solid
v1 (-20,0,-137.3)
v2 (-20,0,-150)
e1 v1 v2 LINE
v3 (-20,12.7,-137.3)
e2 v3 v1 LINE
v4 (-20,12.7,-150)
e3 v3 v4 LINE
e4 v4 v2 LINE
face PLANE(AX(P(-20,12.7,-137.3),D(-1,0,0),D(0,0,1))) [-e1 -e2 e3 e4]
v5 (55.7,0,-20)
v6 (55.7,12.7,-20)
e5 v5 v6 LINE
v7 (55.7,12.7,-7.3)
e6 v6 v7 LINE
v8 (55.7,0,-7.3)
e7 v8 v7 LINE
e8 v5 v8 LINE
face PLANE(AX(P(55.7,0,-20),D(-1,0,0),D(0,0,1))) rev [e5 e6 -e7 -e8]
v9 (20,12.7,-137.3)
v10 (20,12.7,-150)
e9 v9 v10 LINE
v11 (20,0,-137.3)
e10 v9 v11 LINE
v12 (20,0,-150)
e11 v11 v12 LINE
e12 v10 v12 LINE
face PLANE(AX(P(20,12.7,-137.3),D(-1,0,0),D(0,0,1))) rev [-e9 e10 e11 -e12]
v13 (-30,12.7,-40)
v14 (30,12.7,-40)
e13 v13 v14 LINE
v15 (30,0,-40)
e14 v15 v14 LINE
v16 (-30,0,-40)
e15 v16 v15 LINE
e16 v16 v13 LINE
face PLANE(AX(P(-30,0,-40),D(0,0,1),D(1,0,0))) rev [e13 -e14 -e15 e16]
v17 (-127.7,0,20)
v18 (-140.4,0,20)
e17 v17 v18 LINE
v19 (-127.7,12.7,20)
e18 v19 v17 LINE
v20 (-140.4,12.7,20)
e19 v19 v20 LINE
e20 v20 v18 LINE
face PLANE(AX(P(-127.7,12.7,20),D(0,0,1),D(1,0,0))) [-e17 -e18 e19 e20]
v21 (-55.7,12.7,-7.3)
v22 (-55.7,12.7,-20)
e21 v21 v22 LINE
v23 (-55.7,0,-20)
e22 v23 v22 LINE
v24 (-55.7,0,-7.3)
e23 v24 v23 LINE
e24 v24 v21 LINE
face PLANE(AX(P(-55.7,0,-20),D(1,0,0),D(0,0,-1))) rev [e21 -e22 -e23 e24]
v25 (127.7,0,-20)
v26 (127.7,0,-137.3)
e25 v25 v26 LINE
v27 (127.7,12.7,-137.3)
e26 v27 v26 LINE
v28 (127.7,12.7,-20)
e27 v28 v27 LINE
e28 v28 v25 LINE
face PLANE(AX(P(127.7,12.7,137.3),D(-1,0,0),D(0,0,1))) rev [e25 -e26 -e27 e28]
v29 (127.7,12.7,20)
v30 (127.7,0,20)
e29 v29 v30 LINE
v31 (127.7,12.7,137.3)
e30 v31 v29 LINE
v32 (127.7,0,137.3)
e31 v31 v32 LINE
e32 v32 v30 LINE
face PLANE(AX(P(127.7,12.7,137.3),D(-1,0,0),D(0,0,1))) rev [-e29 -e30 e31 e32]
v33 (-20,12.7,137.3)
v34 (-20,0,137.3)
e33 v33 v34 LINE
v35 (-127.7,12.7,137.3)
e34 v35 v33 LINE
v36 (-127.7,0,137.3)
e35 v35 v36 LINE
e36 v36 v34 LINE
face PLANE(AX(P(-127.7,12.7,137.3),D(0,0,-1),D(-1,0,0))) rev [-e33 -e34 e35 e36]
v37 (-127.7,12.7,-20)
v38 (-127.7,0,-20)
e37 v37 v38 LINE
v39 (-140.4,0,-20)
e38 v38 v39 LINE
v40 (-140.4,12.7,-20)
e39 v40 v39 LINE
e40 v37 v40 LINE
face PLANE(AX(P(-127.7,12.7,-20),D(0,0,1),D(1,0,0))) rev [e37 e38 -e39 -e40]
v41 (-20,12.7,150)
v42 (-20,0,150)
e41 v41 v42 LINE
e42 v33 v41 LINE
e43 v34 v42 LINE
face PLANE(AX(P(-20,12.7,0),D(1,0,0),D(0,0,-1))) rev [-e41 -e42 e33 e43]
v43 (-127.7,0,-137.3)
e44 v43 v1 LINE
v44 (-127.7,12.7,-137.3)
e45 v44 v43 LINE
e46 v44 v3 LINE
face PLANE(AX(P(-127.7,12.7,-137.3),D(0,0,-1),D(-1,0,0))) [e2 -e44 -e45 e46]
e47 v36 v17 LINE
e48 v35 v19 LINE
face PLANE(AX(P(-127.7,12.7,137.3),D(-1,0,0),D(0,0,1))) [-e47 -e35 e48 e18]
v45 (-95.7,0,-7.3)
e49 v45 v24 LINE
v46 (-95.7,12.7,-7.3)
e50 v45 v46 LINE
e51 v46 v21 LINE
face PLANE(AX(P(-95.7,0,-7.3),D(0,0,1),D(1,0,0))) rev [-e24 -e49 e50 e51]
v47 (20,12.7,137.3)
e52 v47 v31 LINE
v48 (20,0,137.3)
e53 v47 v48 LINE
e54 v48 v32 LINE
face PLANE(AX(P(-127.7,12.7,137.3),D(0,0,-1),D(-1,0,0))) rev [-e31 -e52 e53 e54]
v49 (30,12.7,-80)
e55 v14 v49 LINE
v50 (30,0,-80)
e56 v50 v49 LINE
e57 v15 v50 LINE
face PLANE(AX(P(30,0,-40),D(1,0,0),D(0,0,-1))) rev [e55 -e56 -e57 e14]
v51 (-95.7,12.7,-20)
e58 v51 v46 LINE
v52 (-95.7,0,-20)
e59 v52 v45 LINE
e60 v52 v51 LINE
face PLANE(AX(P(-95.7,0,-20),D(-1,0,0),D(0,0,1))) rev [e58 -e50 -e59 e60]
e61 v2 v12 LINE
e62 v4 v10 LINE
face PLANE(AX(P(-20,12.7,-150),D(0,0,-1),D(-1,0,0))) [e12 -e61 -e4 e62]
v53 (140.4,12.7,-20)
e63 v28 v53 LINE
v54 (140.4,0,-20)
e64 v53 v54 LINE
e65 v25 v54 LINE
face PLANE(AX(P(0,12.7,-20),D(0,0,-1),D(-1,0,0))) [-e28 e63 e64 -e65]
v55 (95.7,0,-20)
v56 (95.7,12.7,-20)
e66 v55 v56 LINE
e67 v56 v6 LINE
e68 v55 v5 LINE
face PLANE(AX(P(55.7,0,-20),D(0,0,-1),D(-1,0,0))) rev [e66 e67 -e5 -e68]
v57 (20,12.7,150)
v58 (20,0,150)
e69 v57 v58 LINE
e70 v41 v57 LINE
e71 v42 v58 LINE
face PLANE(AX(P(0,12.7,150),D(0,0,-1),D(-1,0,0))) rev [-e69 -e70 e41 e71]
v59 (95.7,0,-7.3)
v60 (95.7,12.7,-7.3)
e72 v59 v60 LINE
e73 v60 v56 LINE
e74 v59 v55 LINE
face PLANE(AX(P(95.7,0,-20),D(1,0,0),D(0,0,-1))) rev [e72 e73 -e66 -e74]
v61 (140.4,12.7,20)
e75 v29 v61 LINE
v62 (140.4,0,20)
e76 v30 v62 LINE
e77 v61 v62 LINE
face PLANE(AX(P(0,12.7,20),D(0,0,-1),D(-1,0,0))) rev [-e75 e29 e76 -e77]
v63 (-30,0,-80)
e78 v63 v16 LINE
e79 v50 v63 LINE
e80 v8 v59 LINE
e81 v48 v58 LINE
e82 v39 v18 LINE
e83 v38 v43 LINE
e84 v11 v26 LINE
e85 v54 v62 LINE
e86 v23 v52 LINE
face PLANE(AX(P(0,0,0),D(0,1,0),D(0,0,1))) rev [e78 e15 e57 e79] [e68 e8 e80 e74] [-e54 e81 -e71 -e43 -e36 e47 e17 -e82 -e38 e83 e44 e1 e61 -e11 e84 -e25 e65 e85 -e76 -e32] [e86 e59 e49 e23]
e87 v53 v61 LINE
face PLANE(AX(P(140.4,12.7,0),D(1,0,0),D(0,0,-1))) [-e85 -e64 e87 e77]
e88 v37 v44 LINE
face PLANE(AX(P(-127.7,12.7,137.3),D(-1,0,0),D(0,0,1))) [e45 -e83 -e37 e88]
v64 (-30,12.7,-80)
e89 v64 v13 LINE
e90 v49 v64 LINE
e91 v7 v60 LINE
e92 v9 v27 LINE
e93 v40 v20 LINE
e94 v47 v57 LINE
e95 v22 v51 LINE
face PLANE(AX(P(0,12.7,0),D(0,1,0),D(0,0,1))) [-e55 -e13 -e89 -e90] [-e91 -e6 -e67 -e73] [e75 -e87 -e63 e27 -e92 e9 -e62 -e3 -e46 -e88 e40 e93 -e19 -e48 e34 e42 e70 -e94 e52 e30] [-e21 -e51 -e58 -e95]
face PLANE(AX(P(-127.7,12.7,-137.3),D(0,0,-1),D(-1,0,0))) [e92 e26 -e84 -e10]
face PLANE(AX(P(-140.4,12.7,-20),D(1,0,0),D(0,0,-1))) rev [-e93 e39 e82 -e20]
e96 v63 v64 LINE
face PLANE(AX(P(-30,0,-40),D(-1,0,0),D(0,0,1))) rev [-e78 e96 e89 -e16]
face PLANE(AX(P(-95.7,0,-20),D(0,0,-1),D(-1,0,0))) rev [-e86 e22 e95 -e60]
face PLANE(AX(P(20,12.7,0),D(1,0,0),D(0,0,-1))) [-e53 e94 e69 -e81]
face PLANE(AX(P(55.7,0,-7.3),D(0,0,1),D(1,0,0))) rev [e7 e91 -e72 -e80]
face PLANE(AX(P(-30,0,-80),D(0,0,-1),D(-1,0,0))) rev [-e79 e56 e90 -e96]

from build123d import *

# Parameters (mm, degrees)
BOSS_EXTRUDE1_DEPTH = 12.7
SKETCH2_W           = 40
SKETCH2_H           = 12.7
SKETCH2_W_2         = 60
SKETCH2_H_2         = 40
CUT_EXTRUDE1_DEPTH  = 12.7


with BuildPart() as part:
    # Sketch1 → Boss-Extrude1 (new body)
    with BuildSketch(Plane(origin=(0, 0, 0), x_dir=(1, 0, 0), z_dir=(0, 1, 0))):
        Polygon((-127.7, -137.3), (-20, -137.3), (-20, -150), (20, -150), (20, -137.3), (127.7, -137.3), (127.7, -20), (140.4, -20), (140.4, 20), (127.7, 20), (127.7, 137.3), (20, 137.3), (20, 150), (-20, 150), (-20, 137.3), (-127.7, 137.3), (-127.7, 20), (-140.4, 20), (-140.4, -20), (-127.7, -20), align=None)
    extrude(amount=BOSS_EXTRUDE1_DEPTH)

    # Sketch2 → Cut-Extrude1 (cut)
    with BuildSketch(Plane(origin=(0, 12.7, 0), x_dir=(1, 0, 0), z_dir=(0, 1, 0))):
        with Locations((-75.7, 13.65)):
            Rectangle(SKETCH2_W, SKETCH2_H)
        with Locations((75.7, 13.65)):
            Rectangle(SKETCH2_W, SKETCH2_H)
        with Locations((0, 60)):
            Rectangle(SKETCH2_W_2, SKETCH2_H_2)
    extrude(amount=-CUT_EXTRUDE1_DEPTH, mode=Mode.SUBTRACT)


solid = part.part
